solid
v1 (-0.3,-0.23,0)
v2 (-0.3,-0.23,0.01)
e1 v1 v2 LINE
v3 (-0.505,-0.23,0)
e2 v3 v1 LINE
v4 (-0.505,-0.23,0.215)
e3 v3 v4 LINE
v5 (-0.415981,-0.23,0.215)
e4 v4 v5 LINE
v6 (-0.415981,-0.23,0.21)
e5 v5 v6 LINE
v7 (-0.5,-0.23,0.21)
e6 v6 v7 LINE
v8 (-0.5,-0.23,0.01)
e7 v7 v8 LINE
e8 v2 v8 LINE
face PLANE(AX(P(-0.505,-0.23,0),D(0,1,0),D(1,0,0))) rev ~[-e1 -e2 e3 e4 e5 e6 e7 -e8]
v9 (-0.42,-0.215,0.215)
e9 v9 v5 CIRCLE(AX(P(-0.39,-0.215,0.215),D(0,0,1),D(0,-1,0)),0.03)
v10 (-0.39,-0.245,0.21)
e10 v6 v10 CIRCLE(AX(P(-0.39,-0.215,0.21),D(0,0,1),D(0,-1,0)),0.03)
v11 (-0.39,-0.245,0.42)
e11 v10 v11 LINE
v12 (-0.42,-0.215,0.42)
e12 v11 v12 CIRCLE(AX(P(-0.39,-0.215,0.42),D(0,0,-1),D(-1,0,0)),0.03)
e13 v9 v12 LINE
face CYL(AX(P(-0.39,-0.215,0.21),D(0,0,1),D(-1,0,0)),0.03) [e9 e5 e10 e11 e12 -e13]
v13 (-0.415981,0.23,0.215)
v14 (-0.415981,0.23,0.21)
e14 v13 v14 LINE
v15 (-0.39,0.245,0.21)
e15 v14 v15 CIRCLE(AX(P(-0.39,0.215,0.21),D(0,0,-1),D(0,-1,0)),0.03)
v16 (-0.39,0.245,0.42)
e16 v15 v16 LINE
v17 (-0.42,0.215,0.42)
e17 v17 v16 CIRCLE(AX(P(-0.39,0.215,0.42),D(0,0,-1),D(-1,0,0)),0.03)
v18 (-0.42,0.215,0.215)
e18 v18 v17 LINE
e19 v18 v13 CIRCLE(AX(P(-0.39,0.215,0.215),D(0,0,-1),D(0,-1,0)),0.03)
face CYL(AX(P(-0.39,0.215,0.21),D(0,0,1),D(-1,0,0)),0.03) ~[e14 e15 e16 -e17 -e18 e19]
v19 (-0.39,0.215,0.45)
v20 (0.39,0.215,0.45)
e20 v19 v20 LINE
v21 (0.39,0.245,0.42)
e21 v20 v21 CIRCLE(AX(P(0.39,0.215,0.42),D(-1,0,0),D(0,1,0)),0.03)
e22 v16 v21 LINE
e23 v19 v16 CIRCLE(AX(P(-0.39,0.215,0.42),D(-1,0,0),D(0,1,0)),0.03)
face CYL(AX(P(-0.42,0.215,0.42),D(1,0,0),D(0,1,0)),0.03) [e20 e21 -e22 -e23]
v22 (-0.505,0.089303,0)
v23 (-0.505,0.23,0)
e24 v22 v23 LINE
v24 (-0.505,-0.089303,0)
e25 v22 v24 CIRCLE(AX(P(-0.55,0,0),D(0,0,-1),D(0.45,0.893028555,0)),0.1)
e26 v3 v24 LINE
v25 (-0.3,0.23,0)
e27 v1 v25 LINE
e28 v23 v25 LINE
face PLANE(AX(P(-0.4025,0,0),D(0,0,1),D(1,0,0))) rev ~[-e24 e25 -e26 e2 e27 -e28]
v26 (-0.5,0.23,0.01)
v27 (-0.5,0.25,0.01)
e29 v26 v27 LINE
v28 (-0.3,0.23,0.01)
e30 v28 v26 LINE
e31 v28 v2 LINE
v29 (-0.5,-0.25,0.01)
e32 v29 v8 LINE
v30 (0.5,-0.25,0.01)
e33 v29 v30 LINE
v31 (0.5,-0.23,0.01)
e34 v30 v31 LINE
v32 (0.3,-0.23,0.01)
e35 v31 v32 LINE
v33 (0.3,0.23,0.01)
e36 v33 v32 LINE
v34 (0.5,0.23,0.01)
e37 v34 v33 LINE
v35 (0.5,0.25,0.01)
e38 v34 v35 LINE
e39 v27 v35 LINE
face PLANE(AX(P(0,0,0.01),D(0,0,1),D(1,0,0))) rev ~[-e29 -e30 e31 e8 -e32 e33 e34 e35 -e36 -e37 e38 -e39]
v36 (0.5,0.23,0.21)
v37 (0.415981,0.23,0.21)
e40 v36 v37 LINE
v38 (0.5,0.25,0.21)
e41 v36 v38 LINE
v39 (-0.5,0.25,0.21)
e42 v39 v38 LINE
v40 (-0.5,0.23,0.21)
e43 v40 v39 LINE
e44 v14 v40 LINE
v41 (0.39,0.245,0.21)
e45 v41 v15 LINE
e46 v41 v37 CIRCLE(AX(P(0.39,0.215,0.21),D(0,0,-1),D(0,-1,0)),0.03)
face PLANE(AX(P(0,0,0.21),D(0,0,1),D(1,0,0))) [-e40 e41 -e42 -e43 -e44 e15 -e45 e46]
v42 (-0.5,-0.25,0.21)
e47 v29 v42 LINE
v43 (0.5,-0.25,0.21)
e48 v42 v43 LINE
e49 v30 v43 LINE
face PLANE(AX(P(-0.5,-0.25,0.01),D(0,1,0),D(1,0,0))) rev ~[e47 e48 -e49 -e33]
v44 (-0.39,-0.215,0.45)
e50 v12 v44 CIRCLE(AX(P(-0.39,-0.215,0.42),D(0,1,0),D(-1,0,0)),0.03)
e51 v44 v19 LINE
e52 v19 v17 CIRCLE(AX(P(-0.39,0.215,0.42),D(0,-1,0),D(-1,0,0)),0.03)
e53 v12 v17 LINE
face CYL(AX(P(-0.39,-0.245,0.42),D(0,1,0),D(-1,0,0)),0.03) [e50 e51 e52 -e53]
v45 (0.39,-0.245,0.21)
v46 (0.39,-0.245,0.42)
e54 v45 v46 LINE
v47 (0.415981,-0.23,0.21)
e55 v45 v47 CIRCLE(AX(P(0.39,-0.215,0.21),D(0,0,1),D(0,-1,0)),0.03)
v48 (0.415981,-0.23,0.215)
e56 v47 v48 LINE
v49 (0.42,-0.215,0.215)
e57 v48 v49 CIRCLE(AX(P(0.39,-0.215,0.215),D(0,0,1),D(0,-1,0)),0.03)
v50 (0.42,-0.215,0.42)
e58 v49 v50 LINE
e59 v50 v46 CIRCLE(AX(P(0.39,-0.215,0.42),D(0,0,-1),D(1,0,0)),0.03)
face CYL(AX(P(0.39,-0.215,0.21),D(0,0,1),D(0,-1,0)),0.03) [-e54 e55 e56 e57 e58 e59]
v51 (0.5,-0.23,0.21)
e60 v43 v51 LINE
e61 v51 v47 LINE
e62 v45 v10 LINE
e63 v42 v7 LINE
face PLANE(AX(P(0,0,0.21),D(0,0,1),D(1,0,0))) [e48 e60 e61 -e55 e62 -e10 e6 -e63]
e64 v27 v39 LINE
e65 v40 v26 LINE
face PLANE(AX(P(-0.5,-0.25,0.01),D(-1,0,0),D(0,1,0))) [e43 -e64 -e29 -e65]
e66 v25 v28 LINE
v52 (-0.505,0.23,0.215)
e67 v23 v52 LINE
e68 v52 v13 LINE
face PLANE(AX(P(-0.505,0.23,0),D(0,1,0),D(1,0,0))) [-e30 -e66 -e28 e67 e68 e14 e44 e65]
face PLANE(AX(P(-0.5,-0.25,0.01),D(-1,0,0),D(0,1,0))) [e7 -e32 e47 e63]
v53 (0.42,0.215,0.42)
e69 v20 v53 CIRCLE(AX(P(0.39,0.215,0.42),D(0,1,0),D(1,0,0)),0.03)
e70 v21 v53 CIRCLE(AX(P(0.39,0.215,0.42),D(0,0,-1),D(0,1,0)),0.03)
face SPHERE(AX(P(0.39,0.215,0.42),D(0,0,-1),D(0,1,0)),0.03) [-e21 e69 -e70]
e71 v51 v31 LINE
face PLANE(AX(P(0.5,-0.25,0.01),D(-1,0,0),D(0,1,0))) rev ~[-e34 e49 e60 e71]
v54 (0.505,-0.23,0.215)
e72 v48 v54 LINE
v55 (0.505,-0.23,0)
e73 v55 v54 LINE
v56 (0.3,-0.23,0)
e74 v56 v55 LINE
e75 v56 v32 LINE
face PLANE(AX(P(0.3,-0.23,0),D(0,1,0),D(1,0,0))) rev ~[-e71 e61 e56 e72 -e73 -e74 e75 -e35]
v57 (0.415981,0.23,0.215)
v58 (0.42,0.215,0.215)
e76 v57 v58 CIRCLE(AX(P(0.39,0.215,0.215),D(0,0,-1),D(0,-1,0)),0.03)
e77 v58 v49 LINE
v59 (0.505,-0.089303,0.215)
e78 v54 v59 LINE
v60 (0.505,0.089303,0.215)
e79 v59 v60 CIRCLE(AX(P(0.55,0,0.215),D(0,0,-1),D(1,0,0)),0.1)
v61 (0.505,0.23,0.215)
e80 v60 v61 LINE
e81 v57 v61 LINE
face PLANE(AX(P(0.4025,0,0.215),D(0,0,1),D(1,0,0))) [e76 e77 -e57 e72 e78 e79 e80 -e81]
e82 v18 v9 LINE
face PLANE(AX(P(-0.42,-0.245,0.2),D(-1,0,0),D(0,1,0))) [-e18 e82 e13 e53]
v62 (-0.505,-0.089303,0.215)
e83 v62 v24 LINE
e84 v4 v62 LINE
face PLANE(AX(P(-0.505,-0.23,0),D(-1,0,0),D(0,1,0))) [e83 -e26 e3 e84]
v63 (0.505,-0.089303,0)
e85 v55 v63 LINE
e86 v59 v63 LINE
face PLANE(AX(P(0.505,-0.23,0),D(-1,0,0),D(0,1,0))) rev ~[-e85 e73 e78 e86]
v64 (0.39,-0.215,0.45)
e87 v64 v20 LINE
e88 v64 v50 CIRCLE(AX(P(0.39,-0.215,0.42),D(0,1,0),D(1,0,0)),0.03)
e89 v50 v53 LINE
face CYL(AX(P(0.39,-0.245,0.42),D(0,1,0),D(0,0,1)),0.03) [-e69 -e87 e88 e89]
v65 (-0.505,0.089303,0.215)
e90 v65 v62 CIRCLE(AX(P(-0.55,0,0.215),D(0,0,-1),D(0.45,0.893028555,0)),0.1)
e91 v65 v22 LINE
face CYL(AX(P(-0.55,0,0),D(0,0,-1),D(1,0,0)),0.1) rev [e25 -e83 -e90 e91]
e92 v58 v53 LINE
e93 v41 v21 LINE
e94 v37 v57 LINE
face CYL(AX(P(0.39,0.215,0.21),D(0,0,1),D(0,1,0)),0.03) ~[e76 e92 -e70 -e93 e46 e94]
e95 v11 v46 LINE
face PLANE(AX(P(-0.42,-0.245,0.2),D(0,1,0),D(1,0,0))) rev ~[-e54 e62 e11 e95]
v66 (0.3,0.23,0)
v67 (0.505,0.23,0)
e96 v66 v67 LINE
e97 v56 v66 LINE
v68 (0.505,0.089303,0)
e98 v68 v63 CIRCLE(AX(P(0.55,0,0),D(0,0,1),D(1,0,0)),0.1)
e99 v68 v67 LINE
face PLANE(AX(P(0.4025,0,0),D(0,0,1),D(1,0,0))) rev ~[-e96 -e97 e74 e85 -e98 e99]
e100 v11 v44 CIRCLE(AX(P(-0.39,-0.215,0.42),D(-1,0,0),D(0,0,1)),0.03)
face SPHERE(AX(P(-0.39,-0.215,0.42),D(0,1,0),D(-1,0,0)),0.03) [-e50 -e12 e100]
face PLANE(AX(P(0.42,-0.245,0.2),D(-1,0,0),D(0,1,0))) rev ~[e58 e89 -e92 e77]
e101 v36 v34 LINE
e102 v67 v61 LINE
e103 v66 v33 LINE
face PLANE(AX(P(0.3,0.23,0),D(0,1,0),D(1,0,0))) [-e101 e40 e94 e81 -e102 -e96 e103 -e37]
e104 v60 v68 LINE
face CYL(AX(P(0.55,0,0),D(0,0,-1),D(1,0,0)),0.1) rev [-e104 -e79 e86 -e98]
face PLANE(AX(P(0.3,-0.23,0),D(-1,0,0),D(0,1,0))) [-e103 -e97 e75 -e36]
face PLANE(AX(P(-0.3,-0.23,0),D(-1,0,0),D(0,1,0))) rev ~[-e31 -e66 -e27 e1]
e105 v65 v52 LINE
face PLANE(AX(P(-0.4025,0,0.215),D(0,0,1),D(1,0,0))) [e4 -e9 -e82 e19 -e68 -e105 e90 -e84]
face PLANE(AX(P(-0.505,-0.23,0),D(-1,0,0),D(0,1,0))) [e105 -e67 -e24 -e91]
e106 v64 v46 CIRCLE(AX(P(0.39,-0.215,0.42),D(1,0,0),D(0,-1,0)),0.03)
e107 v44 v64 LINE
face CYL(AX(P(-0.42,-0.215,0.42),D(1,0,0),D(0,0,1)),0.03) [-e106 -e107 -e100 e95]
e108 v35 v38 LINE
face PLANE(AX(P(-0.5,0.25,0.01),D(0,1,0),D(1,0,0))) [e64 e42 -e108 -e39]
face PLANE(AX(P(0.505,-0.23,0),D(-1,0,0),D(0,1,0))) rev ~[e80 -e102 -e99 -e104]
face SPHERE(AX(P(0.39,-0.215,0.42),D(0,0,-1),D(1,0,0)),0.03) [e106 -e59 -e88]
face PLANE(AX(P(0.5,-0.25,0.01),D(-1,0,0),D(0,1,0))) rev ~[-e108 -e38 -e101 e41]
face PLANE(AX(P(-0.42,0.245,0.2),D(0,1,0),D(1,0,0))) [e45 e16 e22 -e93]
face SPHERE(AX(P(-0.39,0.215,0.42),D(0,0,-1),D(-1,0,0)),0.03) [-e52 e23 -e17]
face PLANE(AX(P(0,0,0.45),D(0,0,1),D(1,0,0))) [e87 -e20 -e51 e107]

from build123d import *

# Parameters (mm, degrees)
EXTRUDE_START       = 0.01
SKETCH_2_W          = 1
SKETCH_2_H          = 0.5
EXTRUDE_1_DEPTH     = 0.2
SKETCH_3_W          = 0.205
SKETCH_3_H          = 0.46
EXTRUDE_2_DEPTH     = 0.215
EXTRUDE_START_2     = 0.2
SKETCH_4_W          = 0.84
SKETCH_4_H          = 0.49
EXTRUDE_3_DEPTH     = 0.25
FILLET_1_R          = 0.03
SKETCH_6_R          = 0.1
CUT_EXTRUDE_2_DEPTH = 0.52


with BuildPart() as part:
    # Sketch 2 → Extrude 1 (new body)
    with BuildSketch(Plane.XY.offset(EXTRUDE_START)):
        Rectangle(SKETCH_2_W, SKETCH_2_H)
    extrude(amount=EXTRUDE_1_DEPTH)

    # Sketch 3 → Extrude 2 (add)
    with BuildSketch(Plane.XY):
        with Locations((-0.4025, 0)):
            Rectangle(SKETCH_3_W, SKETCH_3_H)
        with Locations((0.4025, 0)):
            Rectangle(SKETCH_3_W, SKETCH_3_H)
    extrude(amount=EXTRUDE_2_DEPTH)

    # Sketch 4 → Extrude 3 (add)
    with BuildSketch(Plane.XY.offset(EXTRUDE_START_2)):
        Rectangle(SKETCH_4_W, SKETCH_4_H)
    extrude(amount=EXTRUDE_3_DEPTH)

    # Fillet 1
    fillet_1_edges = [part.edges().sort_by_distance(p)[0] for p in [
        (-0.42, 0.245, 0.33),
        (-0.42, 0, 0.45),
        (-0.42, -0.245, 0.33),
        (0.42, 0.245, 0.33),
        (0, 0.245, 0.45),
        (0.42, -0.245, 0.33),
        (0.42, 0, 0.45),
        (0, -0.245, 0.45),
    ]]
    fillet(fillet_1_edges, radius=FILLET_1_R)

    # Sketch 6 → Cut-Extrude 2 (cut)
    with BuildSketch(Plane.XY):
        with Locations((-0.55, 0)):
            Circle(SKETCH_6_R)
        with Locations((0.55, 0)):
            Circle(SKETCH_6_R)
    extrude(amount=CUT_EXTRUDE_2_DEPTH, mode=Mode.SUBTRACT)


solid = part.part
